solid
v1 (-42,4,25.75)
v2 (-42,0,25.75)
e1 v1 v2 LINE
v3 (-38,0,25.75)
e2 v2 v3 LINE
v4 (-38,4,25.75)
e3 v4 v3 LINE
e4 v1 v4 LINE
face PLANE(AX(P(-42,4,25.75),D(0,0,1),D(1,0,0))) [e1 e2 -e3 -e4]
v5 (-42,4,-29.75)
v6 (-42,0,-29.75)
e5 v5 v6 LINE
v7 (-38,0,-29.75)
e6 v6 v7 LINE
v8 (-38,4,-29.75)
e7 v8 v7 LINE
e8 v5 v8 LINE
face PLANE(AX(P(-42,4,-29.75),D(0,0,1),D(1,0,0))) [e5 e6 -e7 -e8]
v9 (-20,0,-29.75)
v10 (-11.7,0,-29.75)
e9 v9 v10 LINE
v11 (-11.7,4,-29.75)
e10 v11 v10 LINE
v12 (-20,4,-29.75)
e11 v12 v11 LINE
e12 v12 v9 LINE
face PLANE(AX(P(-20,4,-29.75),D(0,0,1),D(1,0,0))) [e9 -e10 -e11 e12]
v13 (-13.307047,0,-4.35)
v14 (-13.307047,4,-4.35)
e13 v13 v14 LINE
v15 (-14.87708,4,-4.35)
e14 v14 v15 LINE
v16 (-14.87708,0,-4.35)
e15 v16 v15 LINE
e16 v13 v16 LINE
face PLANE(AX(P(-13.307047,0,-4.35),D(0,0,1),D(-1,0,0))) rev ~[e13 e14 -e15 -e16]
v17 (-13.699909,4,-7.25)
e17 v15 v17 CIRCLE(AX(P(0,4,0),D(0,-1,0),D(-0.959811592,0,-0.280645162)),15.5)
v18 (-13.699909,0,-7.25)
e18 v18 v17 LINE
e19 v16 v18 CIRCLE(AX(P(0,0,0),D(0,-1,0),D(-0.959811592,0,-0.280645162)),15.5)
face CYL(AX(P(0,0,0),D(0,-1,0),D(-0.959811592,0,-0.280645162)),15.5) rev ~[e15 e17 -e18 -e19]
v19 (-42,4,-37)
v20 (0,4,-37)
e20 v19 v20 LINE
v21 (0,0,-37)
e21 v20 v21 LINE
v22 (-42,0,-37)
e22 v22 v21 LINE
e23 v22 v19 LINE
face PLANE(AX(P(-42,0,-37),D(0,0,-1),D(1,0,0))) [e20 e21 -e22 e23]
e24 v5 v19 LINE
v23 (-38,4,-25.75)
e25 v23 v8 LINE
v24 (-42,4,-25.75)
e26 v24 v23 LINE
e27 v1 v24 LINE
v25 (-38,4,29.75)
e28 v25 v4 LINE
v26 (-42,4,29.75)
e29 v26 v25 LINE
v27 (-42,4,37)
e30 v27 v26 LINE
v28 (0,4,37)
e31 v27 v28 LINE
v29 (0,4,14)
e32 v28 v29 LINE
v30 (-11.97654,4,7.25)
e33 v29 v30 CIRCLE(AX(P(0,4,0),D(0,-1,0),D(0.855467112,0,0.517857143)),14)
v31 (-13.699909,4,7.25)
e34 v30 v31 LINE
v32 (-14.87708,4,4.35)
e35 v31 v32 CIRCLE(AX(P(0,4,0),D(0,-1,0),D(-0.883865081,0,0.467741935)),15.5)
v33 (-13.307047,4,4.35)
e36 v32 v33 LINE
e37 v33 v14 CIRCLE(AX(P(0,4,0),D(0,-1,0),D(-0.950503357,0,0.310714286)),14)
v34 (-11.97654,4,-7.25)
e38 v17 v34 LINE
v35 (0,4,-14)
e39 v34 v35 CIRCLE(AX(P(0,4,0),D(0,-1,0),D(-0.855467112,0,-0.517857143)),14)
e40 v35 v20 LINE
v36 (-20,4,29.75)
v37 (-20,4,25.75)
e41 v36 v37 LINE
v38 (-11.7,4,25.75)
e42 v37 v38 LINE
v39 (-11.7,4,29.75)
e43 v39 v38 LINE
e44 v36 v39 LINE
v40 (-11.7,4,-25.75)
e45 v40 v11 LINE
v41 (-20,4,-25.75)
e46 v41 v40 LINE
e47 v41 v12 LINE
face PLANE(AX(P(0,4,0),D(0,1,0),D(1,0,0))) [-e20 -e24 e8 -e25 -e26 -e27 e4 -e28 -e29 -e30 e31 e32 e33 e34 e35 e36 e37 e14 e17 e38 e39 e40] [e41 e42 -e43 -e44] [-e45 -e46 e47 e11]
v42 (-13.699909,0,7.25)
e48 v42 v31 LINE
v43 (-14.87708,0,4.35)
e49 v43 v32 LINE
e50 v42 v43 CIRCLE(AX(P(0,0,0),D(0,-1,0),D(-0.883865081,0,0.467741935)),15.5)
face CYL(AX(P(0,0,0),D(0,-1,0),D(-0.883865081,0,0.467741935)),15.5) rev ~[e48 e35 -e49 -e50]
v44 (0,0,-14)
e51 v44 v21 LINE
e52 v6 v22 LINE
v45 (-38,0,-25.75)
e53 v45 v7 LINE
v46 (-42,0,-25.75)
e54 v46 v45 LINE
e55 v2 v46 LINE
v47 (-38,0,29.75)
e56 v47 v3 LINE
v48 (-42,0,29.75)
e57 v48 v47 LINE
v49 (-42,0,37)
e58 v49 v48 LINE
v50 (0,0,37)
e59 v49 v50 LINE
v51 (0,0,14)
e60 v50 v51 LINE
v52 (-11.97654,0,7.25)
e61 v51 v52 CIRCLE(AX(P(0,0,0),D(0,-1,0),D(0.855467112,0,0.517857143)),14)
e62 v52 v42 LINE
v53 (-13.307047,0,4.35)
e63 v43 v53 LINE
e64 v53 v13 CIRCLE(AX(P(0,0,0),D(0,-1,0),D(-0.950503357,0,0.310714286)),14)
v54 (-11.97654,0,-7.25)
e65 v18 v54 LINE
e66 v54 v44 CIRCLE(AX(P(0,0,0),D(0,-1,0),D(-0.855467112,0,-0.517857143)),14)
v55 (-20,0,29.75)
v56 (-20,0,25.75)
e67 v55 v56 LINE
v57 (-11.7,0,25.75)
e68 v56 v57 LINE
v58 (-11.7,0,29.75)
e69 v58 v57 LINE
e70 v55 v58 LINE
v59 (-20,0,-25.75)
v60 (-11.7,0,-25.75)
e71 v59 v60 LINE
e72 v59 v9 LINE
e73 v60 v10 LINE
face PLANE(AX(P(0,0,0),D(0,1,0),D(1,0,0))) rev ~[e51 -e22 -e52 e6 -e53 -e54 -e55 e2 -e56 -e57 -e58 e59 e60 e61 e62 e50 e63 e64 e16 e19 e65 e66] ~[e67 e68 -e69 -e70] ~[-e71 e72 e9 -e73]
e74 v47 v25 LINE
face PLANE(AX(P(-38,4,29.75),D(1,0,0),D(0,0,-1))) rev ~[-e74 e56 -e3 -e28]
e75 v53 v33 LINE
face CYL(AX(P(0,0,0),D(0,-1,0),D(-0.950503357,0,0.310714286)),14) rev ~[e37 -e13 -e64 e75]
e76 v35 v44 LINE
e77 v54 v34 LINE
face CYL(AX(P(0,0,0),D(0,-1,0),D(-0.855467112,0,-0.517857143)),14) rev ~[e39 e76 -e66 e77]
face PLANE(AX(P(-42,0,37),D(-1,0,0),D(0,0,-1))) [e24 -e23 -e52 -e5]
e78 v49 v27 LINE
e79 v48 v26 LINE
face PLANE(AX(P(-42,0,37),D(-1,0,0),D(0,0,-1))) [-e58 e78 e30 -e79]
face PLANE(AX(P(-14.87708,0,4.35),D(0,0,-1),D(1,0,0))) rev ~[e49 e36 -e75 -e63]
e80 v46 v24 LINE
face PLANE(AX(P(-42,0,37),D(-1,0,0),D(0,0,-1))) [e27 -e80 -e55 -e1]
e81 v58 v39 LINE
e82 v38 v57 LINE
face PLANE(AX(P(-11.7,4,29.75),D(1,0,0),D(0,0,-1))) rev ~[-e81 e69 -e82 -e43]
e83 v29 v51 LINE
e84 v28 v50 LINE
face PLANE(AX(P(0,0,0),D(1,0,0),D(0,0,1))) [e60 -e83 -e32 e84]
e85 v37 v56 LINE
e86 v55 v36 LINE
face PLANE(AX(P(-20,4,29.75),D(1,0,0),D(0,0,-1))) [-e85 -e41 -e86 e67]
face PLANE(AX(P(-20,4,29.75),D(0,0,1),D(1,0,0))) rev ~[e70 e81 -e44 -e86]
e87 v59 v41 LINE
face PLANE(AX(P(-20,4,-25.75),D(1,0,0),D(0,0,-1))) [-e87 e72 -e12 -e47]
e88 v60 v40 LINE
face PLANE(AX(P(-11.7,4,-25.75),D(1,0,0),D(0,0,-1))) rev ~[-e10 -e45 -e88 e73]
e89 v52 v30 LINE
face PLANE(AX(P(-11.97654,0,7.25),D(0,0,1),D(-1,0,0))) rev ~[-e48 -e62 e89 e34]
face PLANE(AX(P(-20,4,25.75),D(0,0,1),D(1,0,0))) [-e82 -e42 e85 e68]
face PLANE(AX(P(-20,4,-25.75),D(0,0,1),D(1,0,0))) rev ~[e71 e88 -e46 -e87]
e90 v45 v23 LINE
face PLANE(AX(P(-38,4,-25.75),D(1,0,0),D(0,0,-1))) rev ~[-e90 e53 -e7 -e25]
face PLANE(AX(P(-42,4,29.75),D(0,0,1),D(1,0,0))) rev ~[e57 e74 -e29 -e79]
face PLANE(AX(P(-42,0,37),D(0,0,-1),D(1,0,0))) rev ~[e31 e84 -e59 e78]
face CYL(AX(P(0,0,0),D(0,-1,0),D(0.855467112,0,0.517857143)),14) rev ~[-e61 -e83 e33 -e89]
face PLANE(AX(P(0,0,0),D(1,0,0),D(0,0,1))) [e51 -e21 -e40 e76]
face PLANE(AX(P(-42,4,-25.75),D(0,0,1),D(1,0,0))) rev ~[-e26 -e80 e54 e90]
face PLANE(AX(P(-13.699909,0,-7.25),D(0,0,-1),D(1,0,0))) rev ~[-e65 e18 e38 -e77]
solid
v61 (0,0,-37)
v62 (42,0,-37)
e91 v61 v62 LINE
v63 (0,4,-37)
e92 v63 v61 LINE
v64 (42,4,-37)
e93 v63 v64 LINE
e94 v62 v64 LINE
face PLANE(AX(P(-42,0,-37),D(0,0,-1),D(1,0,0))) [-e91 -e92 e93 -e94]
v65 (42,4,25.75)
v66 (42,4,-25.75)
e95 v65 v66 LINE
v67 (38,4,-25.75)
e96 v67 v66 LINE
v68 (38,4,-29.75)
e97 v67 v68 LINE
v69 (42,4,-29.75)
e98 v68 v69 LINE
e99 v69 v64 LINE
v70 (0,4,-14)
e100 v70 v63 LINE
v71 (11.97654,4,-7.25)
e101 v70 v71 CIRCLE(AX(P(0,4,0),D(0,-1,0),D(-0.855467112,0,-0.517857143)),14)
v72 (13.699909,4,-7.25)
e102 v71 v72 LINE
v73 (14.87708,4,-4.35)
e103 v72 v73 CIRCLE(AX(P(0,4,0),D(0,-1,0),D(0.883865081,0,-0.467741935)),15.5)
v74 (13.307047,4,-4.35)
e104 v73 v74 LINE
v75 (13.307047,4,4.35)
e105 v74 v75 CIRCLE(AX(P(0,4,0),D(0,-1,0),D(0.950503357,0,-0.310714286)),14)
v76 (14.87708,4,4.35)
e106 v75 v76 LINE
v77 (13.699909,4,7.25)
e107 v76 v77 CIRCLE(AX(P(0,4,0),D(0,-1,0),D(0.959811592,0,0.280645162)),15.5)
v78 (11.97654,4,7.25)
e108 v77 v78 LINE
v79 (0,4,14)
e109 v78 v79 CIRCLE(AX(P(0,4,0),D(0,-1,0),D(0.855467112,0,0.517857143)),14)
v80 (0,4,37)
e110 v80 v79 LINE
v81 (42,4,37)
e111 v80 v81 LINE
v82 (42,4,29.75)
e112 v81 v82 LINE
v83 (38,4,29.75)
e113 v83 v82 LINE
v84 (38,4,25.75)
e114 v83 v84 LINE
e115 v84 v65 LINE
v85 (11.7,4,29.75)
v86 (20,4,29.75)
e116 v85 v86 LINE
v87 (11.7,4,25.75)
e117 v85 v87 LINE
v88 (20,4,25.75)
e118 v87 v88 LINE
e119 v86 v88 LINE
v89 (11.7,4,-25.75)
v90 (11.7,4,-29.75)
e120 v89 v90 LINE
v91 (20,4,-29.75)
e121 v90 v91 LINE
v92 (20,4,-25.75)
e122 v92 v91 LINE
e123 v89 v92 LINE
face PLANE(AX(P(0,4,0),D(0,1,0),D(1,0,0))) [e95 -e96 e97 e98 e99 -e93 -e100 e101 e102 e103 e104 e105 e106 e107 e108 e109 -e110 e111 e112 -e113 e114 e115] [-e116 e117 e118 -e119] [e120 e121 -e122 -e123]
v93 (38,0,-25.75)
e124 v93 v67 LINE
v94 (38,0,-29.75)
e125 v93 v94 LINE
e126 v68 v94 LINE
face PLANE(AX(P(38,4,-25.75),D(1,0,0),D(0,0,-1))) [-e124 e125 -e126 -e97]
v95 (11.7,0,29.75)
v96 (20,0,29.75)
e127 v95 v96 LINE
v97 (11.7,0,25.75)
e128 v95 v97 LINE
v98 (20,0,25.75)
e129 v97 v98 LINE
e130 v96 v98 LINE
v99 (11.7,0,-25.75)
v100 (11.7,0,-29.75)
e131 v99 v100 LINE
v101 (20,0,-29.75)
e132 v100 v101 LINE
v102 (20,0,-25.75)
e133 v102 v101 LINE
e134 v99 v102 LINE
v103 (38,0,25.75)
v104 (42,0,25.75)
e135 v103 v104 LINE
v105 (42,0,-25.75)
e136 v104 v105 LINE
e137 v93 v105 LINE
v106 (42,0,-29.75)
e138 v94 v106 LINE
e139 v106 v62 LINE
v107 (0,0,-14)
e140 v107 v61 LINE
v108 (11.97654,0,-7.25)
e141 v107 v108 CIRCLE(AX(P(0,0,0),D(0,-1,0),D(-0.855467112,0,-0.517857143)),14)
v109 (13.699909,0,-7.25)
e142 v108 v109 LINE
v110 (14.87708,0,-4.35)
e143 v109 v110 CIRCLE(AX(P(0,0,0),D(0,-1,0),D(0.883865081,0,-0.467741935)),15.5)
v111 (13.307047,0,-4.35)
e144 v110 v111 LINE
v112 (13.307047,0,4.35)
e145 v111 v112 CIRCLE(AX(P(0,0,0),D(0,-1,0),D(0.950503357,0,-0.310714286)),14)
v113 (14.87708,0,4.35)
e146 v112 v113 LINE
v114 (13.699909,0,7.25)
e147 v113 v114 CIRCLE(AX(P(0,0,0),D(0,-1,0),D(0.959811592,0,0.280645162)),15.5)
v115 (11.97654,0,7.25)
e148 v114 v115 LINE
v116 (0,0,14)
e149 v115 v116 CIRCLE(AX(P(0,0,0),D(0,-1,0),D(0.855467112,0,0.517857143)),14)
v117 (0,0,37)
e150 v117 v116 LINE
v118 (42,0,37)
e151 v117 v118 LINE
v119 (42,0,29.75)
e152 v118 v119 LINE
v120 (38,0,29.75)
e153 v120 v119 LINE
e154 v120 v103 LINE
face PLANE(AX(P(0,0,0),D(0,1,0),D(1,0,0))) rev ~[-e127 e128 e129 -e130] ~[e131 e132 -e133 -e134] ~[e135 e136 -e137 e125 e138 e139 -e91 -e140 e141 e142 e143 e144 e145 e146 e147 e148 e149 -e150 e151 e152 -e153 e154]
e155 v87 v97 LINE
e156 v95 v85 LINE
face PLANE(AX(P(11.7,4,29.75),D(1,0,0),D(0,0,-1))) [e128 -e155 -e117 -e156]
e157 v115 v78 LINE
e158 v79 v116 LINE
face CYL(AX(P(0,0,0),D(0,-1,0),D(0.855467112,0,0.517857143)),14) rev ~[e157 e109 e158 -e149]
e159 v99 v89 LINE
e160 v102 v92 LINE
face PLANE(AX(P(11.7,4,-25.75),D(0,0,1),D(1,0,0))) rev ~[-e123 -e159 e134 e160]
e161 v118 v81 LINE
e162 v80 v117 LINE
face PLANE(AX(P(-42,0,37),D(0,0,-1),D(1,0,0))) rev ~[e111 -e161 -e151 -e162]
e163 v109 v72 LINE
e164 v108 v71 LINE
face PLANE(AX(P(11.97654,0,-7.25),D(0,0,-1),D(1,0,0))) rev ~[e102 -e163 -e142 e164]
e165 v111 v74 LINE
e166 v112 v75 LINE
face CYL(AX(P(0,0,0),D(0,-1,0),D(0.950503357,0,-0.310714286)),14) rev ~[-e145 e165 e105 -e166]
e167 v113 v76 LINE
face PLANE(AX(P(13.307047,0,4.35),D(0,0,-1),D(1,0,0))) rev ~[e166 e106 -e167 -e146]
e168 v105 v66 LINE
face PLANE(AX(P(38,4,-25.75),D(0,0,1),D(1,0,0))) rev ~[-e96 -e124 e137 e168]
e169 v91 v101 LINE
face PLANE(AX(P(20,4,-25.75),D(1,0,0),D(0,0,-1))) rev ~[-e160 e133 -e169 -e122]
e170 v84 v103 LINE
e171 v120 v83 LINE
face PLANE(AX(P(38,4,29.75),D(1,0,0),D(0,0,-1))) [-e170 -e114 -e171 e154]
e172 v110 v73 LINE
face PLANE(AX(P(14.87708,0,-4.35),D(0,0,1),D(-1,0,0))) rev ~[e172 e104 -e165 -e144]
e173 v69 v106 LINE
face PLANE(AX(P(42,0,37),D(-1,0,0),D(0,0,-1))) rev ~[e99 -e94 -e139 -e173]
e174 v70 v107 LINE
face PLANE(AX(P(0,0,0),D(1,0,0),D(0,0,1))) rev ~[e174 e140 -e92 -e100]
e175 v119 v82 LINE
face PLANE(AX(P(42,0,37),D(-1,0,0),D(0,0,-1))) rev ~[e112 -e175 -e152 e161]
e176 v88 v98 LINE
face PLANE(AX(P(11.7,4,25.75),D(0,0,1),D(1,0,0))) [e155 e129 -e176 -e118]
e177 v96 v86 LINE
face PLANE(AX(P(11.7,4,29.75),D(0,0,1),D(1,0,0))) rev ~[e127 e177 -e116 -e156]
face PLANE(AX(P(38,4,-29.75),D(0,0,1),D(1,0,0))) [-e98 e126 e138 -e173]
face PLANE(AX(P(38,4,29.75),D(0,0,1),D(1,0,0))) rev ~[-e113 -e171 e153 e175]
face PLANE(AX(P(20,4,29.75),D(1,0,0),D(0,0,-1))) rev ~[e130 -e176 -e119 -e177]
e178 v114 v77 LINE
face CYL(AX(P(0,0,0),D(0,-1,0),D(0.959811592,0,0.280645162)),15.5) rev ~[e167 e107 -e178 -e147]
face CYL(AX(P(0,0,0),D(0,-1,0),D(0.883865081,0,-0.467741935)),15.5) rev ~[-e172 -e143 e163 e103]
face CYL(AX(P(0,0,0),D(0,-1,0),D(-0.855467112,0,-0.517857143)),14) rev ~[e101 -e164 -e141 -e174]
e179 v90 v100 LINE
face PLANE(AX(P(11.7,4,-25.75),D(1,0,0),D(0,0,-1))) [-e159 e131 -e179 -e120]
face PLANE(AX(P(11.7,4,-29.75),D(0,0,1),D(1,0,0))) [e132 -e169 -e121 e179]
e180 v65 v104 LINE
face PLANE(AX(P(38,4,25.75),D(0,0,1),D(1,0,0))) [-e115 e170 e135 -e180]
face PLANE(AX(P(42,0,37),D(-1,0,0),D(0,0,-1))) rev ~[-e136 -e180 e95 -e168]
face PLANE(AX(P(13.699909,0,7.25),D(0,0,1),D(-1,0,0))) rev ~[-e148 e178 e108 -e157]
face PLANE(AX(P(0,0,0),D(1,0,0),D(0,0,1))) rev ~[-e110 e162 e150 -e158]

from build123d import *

# Parameters (mm, degrees)
SKETCH2_W               = 84
SKETCH2_H               = 74
BOSS_EXTRUDE1_DEPTH     = 4
SKETCH4_W               = 8.3
SKETCH4_H               = 4
SKETCH4_W_2             = 4
CUT_EXTRUDE2_DEPTH      = 1
CUT_EXTRUDE2_DEPTH_BACK = 5


with BuildPart() as part:
    # Sketch2 → Boss-Extrude1 (new body)
    with BuildSketch(Plane(origin=(0, 0, 0), x_dir=(1, 0, 0), z_dir=(0, 1, 0))):
        Rectangle(SKETCH2_W, SKETCH2_H)
        with BuildLine():
            ThreePointArc((13.307047005, 4.35), (14, 0), (13.307047005, -4.35))
            Line((13.307047005, -4.35), (14.877079687, -4.35))
            ThreePointArc((14.877079687, -4.35), (14.361878956, -5.829788405), (13.699908759, -7.25))
            Line((13.699908759, -7.25), (11.976539567, -7.25))
            ThreePointArc((11.976539567, -7.25), (0, -14), (-11.976539567, -7.25))
            Line((-11.976539567, -7.25), (-13.699908759, -7.25))
            ThreePointArc((-13.699908759, -7.25), (-14.361878956, -5.829788405), (-14.877079687, -4.35))
            Line((-14.877079687, -4.35), (-13.307047005, -4.35))
            ThreePointArc((-13.307047005, -4.35), (-14, 0), (-13.307047005, 4.35))
            Line((-13.307047005, 4.35), (-14.877079687, 4.35))
            ThreePointArc((-14.877079687, 4.35), (-14.361878956, 5.829788405), (-13.699908759, 7.25))
            Line((-13.699908759, 7.25), (-11.976539567, 7.25))
            ThreePointArc((-11.976539567, 7.25), (0, 14), (11.976539567, 7.25))
            Line((11.976539567, 7.25), (13.699908759, 7.25))
            ThreePointArc((13.699908759, 7.25), (14.361878956, 5.829788405), (14.877079687, 4.35))
            Line((14.877079687, 4.35), (13.307047005, 4.35))
        make_face(mode=Mode.SUBTRACT)
    extrude(amount=BOSS_EXTRUDE1_DEPTH)


with BuildPart() as body_2:
    # Split1: the piece on the far side of the plane
    add(part.part)
    split(bisect_by=Plane(origin=(0, 0, 0), x_dir=(0, 0, 1), z_dir=(1, 0, 0)), keep=Keep.BOTTOM)


with BuildPart() as part_1:
    add(part.part)

    # Split1
    split(bisect_by=Plane(origin=(0, 0, 0), x_dir=(0, 0, 1), z_dir=(1, 0, 0)), keep=Keep.TOP)


with BuildPart() as cut_extrude2_tool:
    # Sketch4 → Cut-Extrude2 (new body, two sides)
    with BuildSketch(Plane(origin=(0, 4, 0), x_dir=(1, 0, 0), z_dir=(0, 1, 0))) as cut_extrude2_sk:
        with Locations((-15.85, -27.75)):
            Rectangle(SKETCH4_W, SKETCH4_H)
        with Locations((-40, -27.75)):
            Rectangle(SKETCH4_W_2, SKETCH4_H)
        with Locations((40, -27.75)):
            Rectangle(SKETCH4_W_2, SKETCH4_H)
        with Locations((15.85, -27.75)):
            Rectangle(SKETCH4_W, SKETCH4_H)
        with Locations((15.85, 27.75)):
            Rectangle(SKETCH4_W, SKETCH4_H)
        with Locations((40, 27.75)):
            Rectangle(SKETCH4_W_2, SKETCH4_H)
        with Locations((-40, 27.75)):
            Rectangle(SKETCH4_W_2, SKETCH4_H)
        with Locations((-15.85, 27.75)):
            Rectangle(SKETCH4_W, SKETCH4_H)
    extrude(amount=CUT_EXTRUDE2_DEPTH)
    extrude(cut_extrude2_sk.sketch, amount=-CUT_EXTRUDE2_DEPTH_BACK)


with BuildPart() as part_2:
    add(part_1.part)

    # Cut-Extrude2: cut by cut_extrude2_tool
    add(cut_extrude2_tool.part, mode=Mode.SUBTRACT)


with BuildPart() as body_2_1:
    add(body_2.part)

    # Cut-Extrude2: cut by cut_extrude2_tool
    add(cut_extrude2_tool.part, mode=Mode.SUBTRACT)


solid = Compound([part_2.part, body_2_1.part])
